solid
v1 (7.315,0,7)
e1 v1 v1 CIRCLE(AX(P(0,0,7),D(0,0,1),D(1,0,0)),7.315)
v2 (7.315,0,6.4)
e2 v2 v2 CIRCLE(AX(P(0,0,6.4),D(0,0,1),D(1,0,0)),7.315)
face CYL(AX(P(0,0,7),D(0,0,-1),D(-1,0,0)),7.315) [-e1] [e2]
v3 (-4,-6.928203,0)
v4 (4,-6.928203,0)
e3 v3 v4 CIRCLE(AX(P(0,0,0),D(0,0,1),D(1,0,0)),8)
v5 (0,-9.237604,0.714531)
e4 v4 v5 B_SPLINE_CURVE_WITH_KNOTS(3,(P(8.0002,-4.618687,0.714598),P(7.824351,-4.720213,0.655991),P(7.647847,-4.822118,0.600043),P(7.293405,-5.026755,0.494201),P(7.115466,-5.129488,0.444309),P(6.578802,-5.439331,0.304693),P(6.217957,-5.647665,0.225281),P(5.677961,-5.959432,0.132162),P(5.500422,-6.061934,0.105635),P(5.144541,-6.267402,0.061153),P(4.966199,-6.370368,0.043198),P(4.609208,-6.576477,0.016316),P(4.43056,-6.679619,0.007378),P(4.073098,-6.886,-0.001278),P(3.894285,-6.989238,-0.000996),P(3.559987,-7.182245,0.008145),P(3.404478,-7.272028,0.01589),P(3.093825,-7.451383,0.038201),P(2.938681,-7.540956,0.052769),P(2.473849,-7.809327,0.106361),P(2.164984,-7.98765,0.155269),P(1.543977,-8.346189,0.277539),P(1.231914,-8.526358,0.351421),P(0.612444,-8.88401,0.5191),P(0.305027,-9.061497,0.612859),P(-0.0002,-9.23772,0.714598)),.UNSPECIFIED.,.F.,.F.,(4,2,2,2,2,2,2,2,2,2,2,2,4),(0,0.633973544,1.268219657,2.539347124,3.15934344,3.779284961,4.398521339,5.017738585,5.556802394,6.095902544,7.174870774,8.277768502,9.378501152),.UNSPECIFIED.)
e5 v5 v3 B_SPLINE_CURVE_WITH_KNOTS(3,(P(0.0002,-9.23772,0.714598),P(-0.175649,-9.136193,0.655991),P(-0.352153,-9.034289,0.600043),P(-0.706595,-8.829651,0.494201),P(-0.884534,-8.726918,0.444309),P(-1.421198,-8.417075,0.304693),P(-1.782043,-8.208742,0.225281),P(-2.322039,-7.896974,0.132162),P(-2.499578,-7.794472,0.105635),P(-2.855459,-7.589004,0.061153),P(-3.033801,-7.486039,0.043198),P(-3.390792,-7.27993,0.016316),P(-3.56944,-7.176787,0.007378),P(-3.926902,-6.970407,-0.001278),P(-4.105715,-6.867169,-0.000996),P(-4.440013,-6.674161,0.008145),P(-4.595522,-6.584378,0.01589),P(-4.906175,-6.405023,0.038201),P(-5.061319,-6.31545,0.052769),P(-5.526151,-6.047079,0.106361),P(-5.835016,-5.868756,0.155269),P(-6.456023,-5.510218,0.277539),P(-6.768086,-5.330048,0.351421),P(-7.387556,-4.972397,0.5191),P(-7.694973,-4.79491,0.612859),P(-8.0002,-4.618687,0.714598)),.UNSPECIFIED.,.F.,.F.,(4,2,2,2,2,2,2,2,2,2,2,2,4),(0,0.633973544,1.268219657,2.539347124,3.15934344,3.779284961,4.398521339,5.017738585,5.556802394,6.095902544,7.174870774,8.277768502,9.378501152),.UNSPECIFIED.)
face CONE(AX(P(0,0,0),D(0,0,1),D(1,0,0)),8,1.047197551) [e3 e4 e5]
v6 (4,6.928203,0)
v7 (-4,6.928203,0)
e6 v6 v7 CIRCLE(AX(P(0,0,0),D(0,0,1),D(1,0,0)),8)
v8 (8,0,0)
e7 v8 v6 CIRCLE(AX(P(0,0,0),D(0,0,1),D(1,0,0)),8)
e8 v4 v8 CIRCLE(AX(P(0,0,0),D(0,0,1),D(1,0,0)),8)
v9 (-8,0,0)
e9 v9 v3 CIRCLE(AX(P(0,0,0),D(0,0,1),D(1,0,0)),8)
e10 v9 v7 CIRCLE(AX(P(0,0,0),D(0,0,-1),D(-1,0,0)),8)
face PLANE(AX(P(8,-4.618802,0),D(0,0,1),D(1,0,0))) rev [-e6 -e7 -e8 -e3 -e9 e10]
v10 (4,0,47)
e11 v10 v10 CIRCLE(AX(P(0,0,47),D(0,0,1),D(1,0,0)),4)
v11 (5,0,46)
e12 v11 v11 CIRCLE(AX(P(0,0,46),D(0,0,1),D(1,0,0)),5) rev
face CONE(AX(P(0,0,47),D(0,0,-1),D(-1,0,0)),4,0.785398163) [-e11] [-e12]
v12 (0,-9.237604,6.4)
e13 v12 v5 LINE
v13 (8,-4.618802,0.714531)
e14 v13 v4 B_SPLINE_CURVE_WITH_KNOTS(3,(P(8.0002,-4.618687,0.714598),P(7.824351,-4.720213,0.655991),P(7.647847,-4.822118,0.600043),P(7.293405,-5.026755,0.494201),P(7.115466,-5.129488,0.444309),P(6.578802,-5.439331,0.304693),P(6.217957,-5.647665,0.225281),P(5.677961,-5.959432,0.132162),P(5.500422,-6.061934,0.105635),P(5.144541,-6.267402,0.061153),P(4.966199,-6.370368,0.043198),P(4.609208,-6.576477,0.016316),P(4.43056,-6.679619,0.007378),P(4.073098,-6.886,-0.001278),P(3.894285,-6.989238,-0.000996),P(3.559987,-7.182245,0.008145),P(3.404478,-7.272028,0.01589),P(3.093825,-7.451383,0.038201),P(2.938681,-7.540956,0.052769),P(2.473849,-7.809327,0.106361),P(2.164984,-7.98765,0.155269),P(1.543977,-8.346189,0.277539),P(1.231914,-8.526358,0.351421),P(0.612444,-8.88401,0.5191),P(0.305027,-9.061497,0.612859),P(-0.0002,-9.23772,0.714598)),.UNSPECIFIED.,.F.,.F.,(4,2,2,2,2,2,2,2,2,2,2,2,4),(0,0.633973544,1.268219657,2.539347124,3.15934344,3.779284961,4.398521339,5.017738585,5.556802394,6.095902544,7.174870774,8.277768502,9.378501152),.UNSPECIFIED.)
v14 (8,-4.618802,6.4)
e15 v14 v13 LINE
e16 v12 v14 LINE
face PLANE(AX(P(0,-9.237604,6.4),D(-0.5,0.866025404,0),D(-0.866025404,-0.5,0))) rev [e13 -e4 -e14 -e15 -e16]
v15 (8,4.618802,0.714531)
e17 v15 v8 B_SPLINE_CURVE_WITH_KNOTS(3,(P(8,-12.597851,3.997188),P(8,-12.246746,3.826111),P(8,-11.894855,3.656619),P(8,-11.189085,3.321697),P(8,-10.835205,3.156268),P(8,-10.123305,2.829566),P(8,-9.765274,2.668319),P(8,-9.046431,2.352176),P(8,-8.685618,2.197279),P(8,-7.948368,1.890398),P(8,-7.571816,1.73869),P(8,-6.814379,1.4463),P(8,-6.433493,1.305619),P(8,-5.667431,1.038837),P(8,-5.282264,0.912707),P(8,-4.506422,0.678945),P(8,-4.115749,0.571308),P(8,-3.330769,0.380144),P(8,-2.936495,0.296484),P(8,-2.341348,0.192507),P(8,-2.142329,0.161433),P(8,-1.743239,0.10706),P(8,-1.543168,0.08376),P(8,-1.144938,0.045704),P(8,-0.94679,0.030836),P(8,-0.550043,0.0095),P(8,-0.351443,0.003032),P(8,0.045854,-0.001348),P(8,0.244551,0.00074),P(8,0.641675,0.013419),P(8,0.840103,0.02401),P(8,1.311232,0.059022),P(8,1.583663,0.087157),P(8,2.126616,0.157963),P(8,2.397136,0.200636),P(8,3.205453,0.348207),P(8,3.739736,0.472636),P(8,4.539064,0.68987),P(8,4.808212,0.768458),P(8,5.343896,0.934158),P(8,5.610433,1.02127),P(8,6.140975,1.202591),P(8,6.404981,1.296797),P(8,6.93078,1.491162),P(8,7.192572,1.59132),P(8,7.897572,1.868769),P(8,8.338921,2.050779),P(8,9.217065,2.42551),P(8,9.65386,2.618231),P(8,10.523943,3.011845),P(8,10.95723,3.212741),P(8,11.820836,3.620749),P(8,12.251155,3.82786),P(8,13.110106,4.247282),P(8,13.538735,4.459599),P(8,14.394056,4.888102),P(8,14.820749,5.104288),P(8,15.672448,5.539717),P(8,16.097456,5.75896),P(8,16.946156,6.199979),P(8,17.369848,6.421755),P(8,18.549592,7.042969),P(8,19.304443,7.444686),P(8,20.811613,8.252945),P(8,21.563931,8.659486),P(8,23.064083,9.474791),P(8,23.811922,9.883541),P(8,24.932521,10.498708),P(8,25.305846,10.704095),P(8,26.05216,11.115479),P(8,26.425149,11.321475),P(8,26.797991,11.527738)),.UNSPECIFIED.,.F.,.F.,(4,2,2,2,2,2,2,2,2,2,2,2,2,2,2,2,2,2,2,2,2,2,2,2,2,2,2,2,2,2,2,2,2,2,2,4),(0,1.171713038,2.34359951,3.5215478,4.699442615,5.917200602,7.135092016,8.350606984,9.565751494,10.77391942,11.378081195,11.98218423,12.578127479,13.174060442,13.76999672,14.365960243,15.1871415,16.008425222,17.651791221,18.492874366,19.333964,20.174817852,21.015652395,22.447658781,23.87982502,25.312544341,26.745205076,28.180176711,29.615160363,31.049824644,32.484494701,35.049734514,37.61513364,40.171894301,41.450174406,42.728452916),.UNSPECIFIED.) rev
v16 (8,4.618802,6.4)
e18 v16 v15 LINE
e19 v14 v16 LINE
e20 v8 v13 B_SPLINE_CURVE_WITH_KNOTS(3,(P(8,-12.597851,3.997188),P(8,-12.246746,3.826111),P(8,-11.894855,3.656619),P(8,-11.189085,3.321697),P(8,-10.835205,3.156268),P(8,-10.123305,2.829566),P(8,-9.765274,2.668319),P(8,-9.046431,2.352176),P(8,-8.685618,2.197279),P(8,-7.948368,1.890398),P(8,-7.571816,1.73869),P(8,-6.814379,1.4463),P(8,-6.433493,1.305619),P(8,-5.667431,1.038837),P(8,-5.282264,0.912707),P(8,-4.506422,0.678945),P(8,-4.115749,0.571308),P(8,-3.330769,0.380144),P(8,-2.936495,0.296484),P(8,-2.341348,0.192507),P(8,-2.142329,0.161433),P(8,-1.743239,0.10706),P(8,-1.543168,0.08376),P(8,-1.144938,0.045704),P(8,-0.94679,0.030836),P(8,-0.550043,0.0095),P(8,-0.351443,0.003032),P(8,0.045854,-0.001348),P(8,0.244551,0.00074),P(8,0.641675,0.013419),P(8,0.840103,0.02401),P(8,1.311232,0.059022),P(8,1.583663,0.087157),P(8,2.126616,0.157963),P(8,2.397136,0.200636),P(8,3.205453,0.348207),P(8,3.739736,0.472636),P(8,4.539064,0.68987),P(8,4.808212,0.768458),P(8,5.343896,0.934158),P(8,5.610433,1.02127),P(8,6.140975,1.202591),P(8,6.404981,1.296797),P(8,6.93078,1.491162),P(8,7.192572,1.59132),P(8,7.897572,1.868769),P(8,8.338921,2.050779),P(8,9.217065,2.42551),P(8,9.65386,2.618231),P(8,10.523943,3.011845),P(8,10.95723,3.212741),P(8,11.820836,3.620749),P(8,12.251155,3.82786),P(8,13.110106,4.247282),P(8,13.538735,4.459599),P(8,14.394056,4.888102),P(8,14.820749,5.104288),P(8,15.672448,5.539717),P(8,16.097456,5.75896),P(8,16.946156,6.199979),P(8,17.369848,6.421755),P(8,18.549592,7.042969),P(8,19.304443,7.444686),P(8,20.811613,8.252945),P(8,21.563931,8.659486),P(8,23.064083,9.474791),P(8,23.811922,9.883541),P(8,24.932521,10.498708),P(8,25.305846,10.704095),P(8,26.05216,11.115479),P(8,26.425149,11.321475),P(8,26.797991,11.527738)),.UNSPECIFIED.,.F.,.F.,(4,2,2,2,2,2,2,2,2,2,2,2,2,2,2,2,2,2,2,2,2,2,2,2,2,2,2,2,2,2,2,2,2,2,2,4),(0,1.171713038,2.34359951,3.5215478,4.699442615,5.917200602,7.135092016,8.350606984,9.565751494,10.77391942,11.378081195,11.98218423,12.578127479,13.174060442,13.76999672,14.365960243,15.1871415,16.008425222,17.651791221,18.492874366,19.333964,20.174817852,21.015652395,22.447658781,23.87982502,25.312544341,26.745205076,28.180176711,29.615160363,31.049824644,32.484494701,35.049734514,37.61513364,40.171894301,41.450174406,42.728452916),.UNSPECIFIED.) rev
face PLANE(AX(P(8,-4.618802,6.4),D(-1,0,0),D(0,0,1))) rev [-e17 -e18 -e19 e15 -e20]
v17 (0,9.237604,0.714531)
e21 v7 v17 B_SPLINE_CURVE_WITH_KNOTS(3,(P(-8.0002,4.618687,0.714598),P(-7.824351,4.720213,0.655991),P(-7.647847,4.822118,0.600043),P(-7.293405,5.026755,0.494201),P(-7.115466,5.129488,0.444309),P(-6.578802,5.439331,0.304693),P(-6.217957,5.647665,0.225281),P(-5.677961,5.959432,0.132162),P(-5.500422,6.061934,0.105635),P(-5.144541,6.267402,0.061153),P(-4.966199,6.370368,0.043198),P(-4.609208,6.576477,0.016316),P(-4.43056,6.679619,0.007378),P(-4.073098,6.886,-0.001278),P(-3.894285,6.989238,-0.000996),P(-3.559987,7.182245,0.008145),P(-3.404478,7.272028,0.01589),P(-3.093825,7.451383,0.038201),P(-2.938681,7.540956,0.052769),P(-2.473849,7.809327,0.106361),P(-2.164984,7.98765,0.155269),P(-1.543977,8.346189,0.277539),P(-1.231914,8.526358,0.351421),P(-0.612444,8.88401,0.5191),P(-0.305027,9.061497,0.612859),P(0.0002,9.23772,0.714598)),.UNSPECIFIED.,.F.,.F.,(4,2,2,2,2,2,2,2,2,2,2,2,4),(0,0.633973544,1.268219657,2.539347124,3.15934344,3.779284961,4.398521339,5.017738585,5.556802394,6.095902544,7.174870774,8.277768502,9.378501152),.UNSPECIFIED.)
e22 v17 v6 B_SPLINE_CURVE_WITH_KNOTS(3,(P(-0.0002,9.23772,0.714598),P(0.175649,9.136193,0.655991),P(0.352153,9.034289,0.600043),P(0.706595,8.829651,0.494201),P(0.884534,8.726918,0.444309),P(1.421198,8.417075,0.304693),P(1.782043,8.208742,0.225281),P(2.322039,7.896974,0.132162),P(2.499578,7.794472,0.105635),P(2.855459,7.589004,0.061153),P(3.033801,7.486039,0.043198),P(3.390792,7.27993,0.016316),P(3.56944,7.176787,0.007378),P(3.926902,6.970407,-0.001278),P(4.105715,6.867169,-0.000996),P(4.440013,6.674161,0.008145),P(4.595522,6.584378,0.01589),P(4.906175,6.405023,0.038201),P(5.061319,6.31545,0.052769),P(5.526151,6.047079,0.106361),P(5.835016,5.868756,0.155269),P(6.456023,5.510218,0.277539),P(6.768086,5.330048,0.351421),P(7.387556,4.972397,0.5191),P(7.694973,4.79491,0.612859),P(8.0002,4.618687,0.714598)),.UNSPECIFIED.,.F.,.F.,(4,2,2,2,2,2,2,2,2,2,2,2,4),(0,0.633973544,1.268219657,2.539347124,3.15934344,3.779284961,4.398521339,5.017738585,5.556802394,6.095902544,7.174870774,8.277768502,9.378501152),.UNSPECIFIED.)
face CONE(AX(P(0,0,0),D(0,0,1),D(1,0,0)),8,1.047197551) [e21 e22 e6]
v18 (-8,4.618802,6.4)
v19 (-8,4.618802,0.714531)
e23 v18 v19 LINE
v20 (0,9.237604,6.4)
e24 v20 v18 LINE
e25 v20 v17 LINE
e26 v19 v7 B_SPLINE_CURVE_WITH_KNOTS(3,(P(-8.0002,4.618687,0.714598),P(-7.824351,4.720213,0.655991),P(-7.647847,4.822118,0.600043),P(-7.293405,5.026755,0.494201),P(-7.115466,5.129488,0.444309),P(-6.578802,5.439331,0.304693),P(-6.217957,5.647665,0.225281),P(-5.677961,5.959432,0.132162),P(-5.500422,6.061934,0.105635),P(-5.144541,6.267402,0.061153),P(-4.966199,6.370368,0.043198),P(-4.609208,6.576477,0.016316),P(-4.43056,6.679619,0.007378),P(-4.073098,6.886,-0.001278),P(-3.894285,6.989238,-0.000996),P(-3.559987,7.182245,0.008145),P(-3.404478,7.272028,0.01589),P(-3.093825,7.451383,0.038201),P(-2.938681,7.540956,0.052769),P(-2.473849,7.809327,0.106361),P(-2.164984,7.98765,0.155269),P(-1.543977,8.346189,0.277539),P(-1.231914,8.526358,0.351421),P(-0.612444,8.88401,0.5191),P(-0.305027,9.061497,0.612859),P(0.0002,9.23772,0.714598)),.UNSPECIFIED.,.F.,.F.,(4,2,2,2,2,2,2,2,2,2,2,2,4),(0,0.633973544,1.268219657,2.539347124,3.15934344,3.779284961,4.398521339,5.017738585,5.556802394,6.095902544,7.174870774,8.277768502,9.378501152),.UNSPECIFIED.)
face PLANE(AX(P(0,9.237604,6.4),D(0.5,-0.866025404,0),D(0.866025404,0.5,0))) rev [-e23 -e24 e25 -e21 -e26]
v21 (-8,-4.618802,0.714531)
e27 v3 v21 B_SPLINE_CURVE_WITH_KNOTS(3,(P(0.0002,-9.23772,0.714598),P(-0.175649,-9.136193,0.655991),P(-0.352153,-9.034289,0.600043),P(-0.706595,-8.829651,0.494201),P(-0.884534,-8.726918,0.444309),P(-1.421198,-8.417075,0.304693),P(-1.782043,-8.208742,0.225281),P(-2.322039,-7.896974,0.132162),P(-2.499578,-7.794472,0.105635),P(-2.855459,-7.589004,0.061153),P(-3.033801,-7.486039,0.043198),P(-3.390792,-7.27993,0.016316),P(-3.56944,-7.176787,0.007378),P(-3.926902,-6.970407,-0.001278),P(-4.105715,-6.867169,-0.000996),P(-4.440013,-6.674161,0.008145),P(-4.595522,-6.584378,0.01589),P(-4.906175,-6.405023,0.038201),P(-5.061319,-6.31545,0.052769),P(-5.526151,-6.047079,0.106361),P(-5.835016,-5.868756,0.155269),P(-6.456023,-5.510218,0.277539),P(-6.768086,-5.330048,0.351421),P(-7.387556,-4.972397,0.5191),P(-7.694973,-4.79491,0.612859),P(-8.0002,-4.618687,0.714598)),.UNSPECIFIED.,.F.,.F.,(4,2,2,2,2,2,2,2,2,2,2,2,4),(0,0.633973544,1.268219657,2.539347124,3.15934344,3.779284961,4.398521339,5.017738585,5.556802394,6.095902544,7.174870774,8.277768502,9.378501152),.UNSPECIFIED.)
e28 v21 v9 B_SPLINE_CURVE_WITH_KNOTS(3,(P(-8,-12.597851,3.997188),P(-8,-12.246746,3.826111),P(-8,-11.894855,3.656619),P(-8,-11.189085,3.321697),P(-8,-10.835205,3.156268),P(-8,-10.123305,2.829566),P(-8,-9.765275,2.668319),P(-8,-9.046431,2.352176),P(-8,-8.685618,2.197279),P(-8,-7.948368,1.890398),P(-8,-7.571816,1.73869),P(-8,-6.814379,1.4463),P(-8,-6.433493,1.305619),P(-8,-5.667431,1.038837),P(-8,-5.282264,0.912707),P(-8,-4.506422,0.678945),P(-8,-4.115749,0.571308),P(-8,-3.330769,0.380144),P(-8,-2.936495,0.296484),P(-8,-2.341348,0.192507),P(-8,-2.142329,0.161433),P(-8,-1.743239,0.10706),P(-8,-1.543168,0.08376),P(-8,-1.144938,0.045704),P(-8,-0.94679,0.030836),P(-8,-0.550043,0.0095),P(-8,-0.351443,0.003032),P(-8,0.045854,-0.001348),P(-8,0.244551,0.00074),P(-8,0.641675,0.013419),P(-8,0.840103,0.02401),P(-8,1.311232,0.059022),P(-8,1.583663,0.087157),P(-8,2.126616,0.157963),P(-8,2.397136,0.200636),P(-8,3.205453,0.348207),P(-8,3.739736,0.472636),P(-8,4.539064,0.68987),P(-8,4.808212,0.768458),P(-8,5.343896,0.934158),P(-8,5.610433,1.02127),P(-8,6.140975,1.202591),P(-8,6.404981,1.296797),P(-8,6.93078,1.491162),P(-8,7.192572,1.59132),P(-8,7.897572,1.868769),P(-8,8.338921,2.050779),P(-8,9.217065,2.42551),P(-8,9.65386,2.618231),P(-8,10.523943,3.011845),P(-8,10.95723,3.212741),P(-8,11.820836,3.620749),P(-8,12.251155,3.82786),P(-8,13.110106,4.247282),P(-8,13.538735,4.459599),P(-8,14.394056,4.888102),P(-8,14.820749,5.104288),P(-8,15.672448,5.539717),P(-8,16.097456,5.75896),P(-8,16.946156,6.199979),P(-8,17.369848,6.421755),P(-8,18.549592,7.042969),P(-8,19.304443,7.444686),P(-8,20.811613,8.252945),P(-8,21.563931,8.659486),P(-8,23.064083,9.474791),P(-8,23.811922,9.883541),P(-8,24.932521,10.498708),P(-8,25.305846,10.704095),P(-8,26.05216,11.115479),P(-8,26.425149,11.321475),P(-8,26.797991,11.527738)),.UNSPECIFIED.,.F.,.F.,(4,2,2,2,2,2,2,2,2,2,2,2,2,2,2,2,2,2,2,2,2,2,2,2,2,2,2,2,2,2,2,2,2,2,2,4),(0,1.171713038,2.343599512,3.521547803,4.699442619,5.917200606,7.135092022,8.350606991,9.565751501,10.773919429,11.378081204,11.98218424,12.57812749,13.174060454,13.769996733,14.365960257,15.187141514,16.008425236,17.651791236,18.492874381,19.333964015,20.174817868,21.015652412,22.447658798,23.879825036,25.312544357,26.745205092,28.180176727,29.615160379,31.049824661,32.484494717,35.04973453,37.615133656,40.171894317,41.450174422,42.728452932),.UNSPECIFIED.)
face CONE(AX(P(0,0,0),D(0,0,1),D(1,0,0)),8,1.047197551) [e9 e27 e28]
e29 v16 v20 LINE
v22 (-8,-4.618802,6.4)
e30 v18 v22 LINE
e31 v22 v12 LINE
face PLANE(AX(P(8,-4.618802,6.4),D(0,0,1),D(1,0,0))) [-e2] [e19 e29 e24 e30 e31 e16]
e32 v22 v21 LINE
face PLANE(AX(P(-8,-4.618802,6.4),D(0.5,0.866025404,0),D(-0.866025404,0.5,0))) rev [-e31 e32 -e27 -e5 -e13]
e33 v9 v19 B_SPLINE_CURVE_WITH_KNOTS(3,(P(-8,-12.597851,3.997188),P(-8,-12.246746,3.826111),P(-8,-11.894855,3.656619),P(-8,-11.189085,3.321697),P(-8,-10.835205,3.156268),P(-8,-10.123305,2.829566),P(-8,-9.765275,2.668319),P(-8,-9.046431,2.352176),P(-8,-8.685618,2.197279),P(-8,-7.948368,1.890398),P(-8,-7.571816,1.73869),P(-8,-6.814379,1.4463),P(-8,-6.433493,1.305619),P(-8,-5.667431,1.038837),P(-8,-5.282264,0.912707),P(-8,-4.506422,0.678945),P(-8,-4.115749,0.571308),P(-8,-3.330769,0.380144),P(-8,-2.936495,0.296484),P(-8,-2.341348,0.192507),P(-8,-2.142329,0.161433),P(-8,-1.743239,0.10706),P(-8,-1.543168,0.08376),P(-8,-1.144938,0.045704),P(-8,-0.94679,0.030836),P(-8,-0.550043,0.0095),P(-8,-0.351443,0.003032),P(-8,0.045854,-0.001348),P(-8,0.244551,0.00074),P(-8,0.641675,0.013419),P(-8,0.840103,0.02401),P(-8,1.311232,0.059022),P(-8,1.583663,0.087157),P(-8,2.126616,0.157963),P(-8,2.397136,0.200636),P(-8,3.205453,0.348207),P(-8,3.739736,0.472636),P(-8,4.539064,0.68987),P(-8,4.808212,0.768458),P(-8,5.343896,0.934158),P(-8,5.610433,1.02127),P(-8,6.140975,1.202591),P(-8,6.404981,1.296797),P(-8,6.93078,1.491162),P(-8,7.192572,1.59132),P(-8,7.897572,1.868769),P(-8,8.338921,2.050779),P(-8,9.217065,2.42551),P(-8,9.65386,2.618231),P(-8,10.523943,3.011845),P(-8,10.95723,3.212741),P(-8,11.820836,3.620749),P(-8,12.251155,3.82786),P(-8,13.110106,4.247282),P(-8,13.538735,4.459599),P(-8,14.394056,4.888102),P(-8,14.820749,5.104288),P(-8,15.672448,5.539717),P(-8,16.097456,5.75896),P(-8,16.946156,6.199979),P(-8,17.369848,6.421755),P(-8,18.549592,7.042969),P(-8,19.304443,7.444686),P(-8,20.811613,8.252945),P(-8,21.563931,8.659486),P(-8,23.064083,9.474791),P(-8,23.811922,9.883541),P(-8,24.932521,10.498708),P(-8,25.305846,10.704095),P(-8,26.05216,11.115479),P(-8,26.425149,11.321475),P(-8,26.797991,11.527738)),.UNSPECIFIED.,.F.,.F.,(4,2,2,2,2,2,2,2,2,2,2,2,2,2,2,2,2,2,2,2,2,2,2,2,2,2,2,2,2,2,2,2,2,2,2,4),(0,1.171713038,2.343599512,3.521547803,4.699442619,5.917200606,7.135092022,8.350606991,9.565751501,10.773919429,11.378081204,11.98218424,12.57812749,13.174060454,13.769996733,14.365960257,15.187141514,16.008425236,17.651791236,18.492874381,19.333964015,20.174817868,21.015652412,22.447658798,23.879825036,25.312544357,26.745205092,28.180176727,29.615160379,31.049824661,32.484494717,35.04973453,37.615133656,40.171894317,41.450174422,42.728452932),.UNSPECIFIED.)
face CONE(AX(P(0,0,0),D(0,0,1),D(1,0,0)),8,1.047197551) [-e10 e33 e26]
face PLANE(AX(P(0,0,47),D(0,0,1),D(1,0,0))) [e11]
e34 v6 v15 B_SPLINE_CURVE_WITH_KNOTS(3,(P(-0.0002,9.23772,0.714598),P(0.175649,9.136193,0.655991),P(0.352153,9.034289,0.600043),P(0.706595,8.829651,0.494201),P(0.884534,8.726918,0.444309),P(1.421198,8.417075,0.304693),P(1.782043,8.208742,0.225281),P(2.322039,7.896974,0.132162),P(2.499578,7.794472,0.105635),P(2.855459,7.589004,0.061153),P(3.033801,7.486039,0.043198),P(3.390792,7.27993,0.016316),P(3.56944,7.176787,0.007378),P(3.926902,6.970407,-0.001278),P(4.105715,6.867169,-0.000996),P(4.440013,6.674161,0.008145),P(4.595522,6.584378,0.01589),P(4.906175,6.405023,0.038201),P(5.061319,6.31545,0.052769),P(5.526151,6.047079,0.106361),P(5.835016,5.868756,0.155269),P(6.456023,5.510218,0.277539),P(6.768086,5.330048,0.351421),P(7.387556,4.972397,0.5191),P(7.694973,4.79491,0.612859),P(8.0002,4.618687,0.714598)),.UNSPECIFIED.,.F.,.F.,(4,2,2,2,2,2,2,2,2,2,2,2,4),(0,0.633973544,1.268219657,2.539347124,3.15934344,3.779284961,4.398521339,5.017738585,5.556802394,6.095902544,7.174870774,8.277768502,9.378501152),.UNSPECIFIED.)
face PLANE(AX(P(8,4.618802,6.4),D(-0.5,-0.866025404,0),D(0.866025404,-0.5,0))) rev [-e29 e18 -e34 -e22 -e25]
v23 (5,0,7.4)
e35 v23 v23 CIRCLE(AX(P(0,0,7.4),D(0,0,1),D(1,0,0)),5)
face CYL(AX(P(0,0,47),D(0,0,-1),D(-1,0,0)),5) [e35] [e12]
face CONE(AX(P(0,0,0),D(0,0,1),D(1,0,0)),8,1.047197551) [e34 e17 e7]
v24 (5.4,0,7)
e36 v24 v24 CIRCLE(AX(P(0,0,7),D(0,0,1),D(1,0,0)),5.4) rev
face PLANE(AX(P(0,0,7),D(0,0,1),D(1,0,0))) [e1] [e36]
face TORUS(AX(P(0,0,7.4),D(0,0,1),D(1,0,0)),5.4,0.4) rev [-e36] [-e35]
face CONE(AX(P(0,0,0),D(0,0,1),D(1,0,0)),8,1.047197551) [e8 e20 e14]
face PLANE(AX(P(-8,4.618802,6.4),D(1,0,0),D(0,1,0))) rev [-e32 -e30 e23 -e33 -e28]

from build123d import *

# Parameters (mm, degrees)
VYSUNOUT1_DEPTH = 6.4
SKICA3_R        = 7.315
VYSUNOUT2_DEPTH = 0.6
SKICA4_R        = 5
VYSUNOUT3_DEPTH = 40
ZKOSIT1_SIZE    = 1
ZAOBLIT1_R      = 0.4


with BuildPart() as part:
    # Skica1 → Vysunout1 (new body)
    with BuildSketch(Plane.XY):
        Polygon((8, -4.618802154), (8, 4.618802154), (0, 9.237604307), (-8, 4.618802154), (-8, -4.618802154), (0, -9.237604307), align=None)
    extrude(amount=VYSUNOUT1_DEPTH)

    # Skica2 → Odebrat otočením1 (revolve, cut)
    with BuildSketch(Plane(origin=(0, 0, 0), x_dir=(1, 0, 0), z_dir=(0, 1, 0))):
        Polygon((8, 0), (19.085125168, 0), (19.085125168, -6.4), align=None)
    revolve(axis=Axis((0, 0, 0), (0, 0, 1)), mode=Mode.SUBTRACT)

    # Skica3 → Vysunout2 (add)
    with BuildSketch(Plane.XY.offset(6.4)):
        Circle(SKICA3_R)
    extrude(amount=VYSUNOUT2_DEPTH)

    # Skica4 → Vysunout3 (add)
    with BuildSketch(Plane.XY.offset(7)):
        Circle(SKICA4_R)
    extrude(amount=VYSUNOUT3_DEPTH)

    # Zkosit1
    zkosit1_edges = [part.edges().sort_by_distance(p)[0] for p in [
        (-5, 0, 47),
    ]]
    chamfer(zkosit1_edges, length=ZKOSIT1_SIZE)

    # Zaoblit1
    zaoblit1_edges = [part.edges().sort_by_distance(p)[0] for p in [
        (-5, 0, 7),
    ]]
    fillet(zaoblit1_edges, radius=ZAOBLIT1_R)


solid = part.part
